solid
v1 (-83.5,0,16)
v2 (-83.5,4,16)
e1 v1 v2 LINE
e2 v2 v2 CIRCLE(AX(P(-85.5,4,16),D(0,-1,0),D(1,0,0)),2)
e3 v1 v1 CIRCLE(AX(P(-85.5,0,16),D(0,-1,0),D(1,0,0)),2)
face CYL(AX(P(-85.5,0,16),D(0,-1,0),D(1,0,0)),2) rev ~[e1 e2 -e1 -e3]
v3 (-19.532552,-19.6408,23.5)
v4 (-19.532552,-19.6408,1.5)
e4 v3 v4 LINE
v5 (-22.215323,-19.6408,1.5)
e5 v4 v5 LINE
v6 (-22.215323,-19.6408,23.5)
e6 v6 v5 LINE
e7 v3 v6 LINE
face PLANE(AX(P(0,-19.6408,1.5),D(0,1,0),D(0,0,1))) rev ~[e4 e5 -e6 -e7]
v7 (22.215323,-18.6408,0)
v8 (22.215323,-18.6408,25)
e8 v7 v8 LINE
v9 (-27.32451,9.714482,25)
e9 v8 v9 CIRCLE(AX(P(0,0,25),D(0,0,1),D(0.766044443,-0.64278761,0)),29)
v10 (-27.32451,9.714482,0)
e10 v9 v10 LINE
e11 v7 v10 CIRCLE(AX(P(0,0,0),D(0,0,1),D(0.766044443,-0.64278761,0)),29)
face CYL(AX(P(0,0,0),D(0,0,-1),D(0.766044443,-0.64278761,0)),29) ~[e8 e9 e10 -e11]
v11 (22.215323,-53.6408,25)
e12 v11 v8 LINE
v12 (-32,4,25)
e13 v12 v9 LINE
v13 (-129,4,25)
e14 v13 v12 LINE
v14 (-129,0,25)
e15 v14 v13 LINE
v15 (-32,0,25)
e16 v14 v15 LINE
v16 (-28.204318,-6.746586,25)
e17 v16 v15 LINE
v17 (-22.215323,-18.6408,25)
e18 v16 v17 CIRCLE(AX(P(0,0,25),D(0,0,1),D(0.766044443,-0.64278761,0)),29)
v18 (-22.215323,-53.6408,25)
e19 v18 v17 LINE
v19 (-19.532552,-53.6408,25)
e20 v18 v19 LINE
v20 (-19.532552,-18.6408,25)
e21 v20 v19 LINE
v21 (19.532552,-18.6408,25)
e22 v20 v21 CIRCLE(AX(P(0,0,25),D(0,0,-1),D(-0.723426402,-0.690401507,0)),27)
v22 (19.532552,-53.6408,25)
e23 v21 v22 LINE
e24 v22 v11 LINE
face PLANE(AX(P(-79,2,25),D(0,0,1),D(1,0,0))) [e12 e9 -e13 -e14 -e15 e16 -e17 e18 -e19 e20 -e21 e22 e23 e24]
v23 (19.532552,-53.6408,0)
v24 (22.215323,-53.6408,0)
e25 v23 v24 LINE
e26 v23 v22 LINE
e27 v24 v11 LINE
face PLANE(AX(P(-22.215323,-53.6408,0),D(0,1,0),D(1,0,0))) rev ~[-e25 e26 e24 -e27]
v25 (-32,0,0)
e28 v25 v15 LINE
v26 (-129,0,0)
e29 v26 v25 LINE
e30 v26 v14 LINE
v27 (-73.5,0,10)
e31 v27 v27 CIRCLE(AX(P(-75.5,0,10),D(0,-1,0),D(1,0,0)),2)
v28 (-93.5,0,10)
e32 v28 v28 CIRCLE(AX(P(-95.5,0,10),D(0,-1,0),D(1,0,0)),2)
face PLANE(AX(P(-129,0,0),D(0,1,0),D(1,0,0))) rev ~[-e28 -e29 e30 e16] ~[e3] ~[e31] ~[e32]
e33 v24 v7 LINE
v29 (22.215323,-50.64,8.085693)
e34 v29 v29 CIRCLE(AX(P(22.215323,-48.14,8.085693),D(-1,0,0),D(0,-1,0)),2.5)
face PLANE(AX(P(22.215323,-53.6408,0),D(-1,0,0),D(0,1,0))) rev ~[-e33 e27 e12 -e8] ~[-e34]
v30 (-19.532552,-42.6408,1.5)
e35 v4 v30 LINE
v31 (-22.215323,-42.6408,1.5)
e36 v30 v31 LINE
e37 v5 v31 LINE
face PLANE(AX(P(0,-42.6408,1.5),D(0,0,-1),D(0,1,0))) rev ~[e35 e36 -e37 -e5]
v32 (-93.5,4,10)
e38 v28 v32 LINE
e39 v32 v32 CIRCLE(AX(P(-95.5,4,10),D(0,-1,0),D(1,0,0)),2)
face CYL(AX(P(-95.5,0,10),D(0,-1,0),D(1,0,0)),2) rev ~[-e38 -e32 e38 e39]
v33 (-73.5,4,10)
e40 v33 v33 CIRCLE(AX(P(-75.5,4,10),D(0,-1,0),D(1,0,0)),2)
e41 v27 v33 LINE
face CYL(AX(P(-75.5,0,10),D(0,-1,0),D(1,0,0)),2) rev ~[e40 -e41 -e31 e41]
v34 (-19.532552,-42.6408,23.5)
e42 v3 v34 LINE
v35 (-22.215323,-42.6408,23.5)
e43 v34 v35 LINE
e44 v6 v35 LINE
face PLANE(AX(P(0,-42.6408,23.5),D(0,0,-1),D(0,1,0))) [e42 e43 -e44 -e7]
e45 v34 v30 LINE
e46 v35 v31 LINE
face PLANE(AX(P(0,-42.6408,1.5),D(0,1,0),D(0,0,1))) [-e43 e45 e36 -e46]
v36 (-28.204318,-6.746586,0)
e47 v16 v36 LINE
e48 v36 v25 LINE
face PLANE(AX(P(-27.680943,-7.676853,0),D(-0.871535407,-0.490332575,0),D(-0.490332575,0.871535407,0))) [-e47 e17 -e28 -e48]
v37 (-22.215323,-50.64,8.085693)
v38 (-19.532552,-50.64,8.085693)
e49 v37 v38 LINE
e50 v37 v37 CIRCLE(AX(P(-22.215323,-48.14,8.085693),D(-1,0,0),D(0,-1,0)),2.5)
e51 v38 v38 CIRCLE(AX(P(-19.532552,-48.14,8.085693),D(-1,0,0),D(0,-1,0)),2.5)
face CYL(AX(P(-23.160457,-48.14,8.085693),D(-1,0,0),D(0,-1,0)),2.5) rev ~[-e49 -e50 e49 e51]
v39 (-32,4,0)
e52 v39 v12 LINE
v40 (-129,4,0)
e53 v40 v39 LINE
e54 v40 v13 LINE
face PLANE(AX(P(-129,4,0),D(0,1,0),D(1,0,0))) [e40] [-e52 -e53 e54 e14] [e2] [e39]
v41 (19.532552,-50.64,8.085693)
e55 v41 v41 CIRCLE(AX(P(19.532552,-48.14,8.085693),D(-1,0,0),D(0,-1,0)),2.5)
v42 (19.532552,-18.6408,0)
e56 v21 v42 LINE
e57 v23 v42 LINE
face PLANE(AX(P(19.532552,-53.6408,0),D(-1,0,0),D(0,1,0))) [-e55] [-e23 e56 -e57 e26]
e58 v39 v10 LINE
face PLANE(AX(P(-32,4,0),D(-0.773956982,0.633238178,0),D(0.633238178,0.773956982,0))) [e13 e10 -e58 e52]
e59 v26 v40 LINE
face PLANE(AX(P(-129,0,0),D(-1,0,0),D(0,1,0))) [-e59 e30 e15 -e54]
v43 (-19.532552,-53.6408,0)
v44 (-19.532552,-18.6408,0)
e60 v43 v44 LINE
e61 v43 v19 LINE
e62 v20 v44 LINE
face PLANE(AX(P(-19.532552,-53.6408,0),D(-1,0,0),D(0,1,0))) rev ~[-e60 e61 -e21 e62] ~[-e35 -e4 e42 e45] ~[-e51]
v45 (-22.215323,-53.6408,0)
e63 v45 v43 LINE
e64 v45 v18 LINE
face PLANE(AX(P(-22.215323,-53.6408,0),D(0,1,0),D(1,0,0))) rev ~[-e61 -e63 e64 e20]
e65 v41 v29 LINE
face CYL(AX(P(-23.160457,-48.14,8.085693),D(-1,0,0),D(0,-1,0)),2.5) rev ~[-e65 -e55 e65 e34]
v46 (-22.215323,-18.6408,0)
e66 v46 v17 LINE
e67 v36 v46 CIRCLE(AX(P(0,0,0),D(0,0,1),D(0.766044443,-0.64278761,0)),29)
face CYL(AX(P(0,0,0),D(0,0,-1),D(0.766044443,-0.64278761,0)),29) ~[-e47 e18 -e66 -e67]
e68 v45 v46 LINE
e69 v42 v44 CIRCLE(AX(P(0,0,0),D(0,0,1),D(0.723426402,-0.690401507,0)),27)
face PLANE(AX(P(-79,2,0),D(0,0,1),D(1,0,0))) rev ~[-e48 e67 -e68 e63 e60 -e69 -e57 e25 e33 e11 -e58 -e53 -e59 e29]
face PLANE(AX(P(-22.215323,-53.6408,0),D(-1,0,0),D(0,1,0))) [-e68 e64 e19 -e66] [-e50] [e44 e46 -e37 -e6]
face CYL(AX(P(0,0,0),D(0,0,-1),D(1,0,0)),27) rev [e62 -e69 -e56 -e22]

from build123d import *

# Parameters (mm, degrees)
PAD015_DEPTH    = 25
SKETCH016_R     = 27
POCKET017_DEPTH = 25
SKETCH030_W     = 44.4306459714
SKETCH030_H     = 35
PAD022_DEPTH    = 25
SKETCH031_W     = 39.0651033717
SKETCH031_H     = 35
POCKET021_DEPTH = 36
SKETCH032_W     = 23
SKETCH032_H     = 22
POCKET022_DEPTH = 36
SKETCH041_R     = 2.5
POCKET024_DEPTH = 52.1614566717
SKETCH044_W     = 100
SKETCH044_H     = 4
PAD025_DEPTH    = 25
SKETCH066_R     = 2
POCKET030_DEPTH = 4


with BuildPart() as part:
    # Sketch015 → Pad015 (new body)
    with BuildSketch(Plane.XY):
        with BuildLine():
            ThreePointArc((22.2152888505, -18.6408406809), (0, 29), (-22.2152888505, -18.6408406809))
            Line((-22.2152888505, -18.6408406809), (22.2152888505, -18.6408406809))
        make_face()
    extrude(amount=PAD015_DEPTH)

    # Sketch016 → Pocket017 (cut)
    with BuildSketch(Plane.XY):
        Circle(SKETCH016_R)
    extrude(amount=POCKET017_DEPTH, mode=Mode.SUBTRACT)

    # Sketch030 → Pad022 (join)
    with BuildSketch(Plane.XY):
        with Locations((0, -36.1408)):
            Rectangle(SKETCH030_W, SKETCH030_H)
    extrude(amount=PAD022_DEPTH)

    # Sketch031 → Pocket021 (cut)
    with BuildSketch(Plane.XY):
        with Locations((0, -36.1408)):
            Rectangle(SKETCH031_W, SKETCH031_H)
    extrude(amount=POCKET021_DEPTH, mode=Mode.SUBTRACT)

    # Sketch032 → Pocket022 (cut)
    with BuildSketch(Plane.YZ):
        with Locations((-31.1408, 12.5)):
            Rectangle(SKETCH032_W, SKETCH032_H)
    extrude(amount=-POCKET022_DEPTH, mode=Mode.SUBTRACT)

    # Sketch041 → Pocket024 (cut, through all)
    with BuildSketch(Plane(origin=(-23.1604566717, 0, 0), x_dir=(0, -1, 0), z_dir=(-1, 0, 0))):
        with Locations((48.14, 8.085693)):
            Circle(SKETCH041_R)
    extrude(amount=-POCKET024_DEPTH, mode=Mode.SUBTRACT)

    # Sketch044 → Pad025 (join)
    with BuildSketch(Plane.XY):
        with Locations((-79, 2)):
            Rectangle(SKETCH044_W, SKETCH044_H)
        Polygon((-32, 4), (-27.017239, 10.090035), (-27.680943, -7.676853), (-32, 0), align=None)
    extrude(amount=PAD025_DEPTH)

    # Sketch066 (on Face20 of Pad025) → Pocket030 (cut)
    with BuildSketch(Plane.XZ):
        with Locations((-95.5, 10)):
            Circle(SKETCH066_R)
        with Locations((-85.5, 16)):
            Circle(SKETCH066_R)
        with Locations((-75.5, 10)):
            Circle(SKETCH066_R)
    extrude(amount=-POCKET030_DEPTH, mode=Mode.SUBTRACT)


solid = part.part
